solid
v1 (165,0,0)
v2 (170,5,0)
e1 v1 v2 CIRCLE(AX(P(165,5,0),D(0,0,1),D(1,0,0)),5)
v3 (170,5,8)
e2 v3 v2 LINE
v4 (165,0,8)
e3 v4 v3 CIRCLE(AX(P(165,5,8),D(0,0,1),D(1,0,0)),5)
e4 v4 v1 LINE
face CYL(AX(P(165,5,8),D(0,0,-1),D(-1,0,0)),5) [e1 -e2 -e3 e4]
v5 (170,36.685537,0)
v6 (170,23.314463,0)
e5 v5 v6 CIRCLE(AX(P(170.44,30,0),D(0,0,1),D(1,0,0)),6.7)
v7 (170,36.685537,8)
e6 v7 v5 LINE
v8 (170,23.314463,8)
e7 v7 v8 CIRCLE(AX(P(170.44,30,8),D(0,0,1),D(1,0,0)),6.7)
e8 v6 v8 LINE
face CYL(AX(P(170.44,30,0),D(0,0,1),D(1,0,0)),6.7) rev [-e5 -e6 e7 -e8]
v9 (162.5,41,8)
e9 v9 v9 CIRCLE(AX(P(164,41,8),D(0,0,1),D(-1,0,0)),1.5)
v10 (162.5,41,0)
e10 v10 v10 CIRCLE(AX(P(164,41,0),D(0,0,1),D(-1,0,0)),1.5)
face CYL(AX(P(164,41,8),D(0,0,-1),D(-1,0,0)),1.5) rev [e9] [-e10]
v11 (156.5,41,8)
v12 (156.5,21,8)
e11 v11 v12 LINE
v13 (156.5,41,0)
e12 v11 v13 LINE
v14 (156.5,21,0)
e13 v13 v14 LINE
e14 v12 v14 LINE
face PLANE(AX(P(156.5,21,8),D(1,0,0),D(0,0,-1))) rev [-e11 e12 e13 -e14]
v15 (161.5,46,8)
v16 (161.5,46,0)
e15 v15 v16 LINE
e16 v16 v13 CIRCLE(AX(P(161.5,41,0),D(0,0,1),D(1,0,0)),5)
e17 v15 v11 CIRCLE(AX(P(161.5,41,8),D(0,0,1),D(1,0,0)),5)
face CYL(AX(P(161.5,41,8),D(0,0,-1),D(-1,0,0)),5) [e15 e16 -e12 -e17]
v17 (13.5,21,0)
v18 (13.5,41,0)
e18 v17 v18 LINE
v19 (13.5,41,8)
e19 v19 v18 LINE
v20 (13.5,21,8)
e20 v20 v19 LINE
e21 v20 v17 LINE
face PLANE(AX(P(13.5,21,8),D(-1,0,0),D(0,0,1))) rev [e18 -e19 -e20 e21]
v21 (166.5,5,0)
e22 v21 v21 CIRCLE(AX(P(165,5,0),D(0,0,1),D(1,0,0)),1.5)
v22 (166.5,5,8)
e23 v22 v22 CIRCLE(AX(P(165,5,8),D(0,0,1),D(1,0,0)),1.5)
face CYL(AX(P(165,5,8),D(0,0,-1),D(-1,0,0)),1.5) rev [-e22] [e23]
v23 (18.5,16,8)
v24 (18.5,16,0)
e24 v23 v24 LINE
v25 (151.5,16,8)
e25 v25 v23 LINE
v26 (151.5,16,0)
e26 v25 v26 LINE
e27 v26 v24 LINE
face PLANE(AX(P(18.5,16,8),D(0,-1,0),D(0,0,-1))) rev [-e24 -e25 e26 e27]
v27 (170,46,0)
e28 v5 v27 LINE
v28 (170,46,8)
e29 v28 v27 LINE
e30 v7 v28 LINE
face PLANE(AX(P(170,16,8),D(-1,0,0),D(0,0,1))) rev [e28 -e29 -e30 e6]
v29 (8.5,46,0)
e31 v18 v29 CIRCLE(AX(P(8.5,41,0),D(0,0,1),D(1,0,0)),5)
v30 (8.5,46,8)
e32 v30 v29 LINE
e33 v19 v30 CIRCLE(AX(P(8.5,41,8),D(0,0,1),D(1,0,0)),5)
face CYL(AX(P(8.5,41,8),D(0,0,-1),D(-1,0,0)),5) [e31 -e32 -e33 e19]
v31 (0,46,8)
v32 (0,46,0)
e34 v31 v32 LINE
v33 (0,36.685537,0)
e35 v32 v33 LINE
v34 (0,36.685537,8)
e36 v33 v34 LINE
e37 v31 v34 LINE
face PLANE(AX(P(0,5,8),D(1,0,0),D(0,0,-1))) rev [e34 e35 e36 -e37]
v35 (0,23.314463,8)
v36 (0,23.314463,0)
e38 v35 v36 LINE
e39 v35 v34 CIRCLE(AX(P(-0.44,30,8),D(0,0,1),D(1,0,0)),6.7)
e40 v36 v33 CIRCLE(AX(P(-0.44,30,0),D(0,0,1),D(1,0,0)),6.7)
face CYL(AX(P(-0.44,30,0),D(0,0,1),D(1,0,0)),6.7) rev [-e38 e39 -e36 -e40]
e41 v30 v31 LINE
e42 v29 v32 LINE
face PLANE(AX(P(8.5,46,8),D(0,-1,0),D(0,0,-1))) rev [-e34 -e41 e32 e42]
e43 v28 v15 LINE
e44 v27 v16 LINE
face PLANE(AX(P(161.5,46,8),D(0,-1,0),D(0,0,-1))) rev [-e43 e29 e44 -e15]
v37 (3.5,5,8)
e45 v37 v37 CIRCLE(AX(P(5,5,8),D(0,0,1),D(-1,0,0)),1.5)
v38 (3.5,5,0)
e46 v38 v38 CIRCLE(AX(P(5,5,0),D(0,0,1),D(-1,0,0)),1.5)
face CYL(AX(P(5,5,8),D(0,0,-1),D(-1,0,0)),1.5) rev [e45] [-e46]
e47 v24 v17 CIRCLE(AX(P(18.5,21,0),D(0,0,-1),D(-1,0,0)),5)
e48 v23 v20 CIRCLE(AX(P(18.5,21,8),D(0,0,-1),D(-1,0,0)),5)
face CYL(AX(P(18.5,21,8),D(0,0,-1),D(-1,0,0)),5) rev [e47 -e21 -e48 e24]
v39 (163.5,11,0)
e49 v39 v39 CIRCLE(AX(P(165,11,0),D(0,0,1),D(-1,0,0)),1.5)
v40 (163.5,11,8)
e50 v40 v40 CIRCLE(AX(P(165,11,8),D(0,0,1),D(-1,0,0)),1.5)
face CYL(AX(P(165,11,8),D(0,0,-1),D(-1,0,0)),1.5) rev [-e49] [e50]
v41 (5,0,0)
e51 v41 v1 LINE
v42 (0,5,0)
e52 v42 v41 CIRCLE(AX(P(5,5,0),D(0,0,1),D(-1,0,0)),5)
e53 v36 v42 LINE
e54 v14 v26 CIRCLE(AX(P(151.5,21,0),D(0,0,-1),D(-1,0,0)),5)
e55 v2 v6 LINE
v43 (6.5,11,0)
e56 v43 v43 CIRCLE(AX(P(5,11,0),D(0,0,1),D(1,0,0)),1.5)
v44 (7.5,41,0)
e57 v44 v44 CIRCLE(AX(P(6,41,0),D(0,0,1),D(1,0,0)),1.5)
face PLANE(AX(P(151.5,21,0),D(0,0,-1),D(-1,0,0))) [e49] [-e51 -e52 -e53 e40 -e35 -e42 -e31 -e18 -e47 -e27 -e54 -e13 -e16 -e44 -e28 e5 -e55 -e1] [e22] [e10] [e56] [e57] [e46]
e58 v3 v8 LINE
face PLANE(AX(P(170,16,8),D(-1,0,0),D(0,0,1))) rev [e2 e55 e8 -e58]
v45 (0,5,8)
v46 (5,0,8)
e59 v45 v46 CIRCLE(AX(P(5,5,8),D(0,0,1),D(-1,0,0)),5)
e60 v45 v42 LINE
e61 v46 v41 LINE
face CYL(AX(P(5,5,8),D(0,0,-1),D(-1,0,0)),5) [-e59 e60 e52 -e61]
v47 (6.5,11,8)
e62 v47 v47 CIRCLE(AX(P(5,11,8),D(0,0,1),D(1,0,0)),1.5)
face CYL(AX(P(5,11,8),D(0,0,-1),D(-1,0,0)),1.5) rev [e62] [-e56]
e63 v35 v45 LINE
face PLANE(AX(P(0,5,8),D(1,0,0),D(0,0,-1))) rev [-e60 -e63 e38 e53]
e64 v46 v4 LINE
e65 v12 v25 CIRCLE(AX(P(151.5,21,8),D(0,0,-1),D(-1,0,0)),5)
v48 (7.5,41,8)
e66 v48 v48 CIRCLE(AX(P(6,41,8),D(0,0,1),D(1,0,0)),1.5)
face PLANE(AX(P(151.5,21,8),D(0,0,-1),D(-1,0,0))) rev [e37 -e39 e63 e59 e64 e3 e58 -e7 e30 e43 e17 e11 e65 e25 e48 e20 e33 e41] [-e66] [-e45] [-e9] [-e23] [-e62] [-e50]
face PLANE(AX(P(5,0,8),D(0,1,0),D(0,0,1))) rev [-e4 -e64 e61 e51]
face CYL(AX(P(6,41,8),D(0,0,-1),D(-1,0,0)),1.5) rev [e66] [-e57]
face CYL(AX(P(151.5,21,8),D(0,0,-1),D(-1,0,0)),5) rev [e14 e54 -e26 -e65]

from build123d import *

# Parameters (mm, degrees)
SKETCH_1_R          = 1.5
EXTRUDE_1_DEPTH     = 8
CUT_EXTRUDE_1_DEPTH = 177.295206968


with BuildPart() as part:
    # 草图1 → 凸台-拉伸1 (new body)
    with BuildSketch(Plane.XY):
        with BuildLine():
            Line((5, 0), (165, 0))
            ThreePointArc((165, 0), (168.535533906, 1.464466094), (170, 5))
            Line((170, 5), (170, 11))
            Line((170, 11), (170, 16))
            Line((170, 16), (170, 46))
            Line((170, 46), (161.5, 46))
            ThreePointArc((161.5, 46), (157.964466094, 44.535533906), (156.5, 41))
            Line((156.5, 41), (156.5, 21))
            ThreePointArc((156.5, 21), (155.035533906, 17.464466094), (151.5, 16))
            Line((151.5, 16), (18.5, 16))
            ThreePointArc((18.5, 16), (14.964466094, 17.464466094), (13.5, 21))
            Line((13.5, 21), (13.5, 41))
            ThreePointArc((13.5, 41), (12.035533906, 44.535533906), (8.5, 46))
            Line((8.5, 46), (0, 46))
            Line((0, 46), (0, 16))
            Line((0, 16), (0, 11))
            Line((0, 11), (0, 5))
            ThreePointArc((0, 5), (1.464466094, 1.464466094), (5, 0))
        make_face()
        with Locations((5, 11)):
            Circle(SKETCH_1_R, mode=Mode.SUBTRACT)
        with Locations(Location((5, 5, 0), (0, 0, 180))):
            Circle(SKETCH_1_R, mode=Mode.SUBTRACT)
        with Locations((165, 5)):
            Circle(SKETCH_1_R, mode=Mode.SUBTRACT)
        with Locations(Location((165, 11, 0), (0, 0, 180))):
            Circle(SKETCH_1_R, mode=Mode.SUBTRACT)
        with Locations((6, 41)):
            Circle(SKETCH_1_R, mode=Mode.SUBTRACT)
        with Locations(Location((164, 41, 0), (0, 0, 180))):
            Circle(SKETCH_1_R, mode=Mode.SUBTRACT)
    extrude(amount=EXTRUDE_1_DEPTH)

    # 草图2 → 切除-拉伸1 (cut, through all)
    with BuildSketch(Plane.XY.offset(8)):
        with BuildLine():
            Line((-0.44, 36.7), (-0.44, 23.3))
            ThreePointArc((-0.44, 23.3), (6.26, 30), (-0.44, 36.7))
        make_face()
        with BuildLine():
            Line((170.44, 36.7), (170.44, 23.3))
            ThreePointArc((170.44, 23.3), (163.74, 30), (170.44, 36.7))
        make_face()
    extrude(amount=-CUT_EXTRUDE_1_DEPTH, mode=Mode.SUBTRACT)


solid = part.part
